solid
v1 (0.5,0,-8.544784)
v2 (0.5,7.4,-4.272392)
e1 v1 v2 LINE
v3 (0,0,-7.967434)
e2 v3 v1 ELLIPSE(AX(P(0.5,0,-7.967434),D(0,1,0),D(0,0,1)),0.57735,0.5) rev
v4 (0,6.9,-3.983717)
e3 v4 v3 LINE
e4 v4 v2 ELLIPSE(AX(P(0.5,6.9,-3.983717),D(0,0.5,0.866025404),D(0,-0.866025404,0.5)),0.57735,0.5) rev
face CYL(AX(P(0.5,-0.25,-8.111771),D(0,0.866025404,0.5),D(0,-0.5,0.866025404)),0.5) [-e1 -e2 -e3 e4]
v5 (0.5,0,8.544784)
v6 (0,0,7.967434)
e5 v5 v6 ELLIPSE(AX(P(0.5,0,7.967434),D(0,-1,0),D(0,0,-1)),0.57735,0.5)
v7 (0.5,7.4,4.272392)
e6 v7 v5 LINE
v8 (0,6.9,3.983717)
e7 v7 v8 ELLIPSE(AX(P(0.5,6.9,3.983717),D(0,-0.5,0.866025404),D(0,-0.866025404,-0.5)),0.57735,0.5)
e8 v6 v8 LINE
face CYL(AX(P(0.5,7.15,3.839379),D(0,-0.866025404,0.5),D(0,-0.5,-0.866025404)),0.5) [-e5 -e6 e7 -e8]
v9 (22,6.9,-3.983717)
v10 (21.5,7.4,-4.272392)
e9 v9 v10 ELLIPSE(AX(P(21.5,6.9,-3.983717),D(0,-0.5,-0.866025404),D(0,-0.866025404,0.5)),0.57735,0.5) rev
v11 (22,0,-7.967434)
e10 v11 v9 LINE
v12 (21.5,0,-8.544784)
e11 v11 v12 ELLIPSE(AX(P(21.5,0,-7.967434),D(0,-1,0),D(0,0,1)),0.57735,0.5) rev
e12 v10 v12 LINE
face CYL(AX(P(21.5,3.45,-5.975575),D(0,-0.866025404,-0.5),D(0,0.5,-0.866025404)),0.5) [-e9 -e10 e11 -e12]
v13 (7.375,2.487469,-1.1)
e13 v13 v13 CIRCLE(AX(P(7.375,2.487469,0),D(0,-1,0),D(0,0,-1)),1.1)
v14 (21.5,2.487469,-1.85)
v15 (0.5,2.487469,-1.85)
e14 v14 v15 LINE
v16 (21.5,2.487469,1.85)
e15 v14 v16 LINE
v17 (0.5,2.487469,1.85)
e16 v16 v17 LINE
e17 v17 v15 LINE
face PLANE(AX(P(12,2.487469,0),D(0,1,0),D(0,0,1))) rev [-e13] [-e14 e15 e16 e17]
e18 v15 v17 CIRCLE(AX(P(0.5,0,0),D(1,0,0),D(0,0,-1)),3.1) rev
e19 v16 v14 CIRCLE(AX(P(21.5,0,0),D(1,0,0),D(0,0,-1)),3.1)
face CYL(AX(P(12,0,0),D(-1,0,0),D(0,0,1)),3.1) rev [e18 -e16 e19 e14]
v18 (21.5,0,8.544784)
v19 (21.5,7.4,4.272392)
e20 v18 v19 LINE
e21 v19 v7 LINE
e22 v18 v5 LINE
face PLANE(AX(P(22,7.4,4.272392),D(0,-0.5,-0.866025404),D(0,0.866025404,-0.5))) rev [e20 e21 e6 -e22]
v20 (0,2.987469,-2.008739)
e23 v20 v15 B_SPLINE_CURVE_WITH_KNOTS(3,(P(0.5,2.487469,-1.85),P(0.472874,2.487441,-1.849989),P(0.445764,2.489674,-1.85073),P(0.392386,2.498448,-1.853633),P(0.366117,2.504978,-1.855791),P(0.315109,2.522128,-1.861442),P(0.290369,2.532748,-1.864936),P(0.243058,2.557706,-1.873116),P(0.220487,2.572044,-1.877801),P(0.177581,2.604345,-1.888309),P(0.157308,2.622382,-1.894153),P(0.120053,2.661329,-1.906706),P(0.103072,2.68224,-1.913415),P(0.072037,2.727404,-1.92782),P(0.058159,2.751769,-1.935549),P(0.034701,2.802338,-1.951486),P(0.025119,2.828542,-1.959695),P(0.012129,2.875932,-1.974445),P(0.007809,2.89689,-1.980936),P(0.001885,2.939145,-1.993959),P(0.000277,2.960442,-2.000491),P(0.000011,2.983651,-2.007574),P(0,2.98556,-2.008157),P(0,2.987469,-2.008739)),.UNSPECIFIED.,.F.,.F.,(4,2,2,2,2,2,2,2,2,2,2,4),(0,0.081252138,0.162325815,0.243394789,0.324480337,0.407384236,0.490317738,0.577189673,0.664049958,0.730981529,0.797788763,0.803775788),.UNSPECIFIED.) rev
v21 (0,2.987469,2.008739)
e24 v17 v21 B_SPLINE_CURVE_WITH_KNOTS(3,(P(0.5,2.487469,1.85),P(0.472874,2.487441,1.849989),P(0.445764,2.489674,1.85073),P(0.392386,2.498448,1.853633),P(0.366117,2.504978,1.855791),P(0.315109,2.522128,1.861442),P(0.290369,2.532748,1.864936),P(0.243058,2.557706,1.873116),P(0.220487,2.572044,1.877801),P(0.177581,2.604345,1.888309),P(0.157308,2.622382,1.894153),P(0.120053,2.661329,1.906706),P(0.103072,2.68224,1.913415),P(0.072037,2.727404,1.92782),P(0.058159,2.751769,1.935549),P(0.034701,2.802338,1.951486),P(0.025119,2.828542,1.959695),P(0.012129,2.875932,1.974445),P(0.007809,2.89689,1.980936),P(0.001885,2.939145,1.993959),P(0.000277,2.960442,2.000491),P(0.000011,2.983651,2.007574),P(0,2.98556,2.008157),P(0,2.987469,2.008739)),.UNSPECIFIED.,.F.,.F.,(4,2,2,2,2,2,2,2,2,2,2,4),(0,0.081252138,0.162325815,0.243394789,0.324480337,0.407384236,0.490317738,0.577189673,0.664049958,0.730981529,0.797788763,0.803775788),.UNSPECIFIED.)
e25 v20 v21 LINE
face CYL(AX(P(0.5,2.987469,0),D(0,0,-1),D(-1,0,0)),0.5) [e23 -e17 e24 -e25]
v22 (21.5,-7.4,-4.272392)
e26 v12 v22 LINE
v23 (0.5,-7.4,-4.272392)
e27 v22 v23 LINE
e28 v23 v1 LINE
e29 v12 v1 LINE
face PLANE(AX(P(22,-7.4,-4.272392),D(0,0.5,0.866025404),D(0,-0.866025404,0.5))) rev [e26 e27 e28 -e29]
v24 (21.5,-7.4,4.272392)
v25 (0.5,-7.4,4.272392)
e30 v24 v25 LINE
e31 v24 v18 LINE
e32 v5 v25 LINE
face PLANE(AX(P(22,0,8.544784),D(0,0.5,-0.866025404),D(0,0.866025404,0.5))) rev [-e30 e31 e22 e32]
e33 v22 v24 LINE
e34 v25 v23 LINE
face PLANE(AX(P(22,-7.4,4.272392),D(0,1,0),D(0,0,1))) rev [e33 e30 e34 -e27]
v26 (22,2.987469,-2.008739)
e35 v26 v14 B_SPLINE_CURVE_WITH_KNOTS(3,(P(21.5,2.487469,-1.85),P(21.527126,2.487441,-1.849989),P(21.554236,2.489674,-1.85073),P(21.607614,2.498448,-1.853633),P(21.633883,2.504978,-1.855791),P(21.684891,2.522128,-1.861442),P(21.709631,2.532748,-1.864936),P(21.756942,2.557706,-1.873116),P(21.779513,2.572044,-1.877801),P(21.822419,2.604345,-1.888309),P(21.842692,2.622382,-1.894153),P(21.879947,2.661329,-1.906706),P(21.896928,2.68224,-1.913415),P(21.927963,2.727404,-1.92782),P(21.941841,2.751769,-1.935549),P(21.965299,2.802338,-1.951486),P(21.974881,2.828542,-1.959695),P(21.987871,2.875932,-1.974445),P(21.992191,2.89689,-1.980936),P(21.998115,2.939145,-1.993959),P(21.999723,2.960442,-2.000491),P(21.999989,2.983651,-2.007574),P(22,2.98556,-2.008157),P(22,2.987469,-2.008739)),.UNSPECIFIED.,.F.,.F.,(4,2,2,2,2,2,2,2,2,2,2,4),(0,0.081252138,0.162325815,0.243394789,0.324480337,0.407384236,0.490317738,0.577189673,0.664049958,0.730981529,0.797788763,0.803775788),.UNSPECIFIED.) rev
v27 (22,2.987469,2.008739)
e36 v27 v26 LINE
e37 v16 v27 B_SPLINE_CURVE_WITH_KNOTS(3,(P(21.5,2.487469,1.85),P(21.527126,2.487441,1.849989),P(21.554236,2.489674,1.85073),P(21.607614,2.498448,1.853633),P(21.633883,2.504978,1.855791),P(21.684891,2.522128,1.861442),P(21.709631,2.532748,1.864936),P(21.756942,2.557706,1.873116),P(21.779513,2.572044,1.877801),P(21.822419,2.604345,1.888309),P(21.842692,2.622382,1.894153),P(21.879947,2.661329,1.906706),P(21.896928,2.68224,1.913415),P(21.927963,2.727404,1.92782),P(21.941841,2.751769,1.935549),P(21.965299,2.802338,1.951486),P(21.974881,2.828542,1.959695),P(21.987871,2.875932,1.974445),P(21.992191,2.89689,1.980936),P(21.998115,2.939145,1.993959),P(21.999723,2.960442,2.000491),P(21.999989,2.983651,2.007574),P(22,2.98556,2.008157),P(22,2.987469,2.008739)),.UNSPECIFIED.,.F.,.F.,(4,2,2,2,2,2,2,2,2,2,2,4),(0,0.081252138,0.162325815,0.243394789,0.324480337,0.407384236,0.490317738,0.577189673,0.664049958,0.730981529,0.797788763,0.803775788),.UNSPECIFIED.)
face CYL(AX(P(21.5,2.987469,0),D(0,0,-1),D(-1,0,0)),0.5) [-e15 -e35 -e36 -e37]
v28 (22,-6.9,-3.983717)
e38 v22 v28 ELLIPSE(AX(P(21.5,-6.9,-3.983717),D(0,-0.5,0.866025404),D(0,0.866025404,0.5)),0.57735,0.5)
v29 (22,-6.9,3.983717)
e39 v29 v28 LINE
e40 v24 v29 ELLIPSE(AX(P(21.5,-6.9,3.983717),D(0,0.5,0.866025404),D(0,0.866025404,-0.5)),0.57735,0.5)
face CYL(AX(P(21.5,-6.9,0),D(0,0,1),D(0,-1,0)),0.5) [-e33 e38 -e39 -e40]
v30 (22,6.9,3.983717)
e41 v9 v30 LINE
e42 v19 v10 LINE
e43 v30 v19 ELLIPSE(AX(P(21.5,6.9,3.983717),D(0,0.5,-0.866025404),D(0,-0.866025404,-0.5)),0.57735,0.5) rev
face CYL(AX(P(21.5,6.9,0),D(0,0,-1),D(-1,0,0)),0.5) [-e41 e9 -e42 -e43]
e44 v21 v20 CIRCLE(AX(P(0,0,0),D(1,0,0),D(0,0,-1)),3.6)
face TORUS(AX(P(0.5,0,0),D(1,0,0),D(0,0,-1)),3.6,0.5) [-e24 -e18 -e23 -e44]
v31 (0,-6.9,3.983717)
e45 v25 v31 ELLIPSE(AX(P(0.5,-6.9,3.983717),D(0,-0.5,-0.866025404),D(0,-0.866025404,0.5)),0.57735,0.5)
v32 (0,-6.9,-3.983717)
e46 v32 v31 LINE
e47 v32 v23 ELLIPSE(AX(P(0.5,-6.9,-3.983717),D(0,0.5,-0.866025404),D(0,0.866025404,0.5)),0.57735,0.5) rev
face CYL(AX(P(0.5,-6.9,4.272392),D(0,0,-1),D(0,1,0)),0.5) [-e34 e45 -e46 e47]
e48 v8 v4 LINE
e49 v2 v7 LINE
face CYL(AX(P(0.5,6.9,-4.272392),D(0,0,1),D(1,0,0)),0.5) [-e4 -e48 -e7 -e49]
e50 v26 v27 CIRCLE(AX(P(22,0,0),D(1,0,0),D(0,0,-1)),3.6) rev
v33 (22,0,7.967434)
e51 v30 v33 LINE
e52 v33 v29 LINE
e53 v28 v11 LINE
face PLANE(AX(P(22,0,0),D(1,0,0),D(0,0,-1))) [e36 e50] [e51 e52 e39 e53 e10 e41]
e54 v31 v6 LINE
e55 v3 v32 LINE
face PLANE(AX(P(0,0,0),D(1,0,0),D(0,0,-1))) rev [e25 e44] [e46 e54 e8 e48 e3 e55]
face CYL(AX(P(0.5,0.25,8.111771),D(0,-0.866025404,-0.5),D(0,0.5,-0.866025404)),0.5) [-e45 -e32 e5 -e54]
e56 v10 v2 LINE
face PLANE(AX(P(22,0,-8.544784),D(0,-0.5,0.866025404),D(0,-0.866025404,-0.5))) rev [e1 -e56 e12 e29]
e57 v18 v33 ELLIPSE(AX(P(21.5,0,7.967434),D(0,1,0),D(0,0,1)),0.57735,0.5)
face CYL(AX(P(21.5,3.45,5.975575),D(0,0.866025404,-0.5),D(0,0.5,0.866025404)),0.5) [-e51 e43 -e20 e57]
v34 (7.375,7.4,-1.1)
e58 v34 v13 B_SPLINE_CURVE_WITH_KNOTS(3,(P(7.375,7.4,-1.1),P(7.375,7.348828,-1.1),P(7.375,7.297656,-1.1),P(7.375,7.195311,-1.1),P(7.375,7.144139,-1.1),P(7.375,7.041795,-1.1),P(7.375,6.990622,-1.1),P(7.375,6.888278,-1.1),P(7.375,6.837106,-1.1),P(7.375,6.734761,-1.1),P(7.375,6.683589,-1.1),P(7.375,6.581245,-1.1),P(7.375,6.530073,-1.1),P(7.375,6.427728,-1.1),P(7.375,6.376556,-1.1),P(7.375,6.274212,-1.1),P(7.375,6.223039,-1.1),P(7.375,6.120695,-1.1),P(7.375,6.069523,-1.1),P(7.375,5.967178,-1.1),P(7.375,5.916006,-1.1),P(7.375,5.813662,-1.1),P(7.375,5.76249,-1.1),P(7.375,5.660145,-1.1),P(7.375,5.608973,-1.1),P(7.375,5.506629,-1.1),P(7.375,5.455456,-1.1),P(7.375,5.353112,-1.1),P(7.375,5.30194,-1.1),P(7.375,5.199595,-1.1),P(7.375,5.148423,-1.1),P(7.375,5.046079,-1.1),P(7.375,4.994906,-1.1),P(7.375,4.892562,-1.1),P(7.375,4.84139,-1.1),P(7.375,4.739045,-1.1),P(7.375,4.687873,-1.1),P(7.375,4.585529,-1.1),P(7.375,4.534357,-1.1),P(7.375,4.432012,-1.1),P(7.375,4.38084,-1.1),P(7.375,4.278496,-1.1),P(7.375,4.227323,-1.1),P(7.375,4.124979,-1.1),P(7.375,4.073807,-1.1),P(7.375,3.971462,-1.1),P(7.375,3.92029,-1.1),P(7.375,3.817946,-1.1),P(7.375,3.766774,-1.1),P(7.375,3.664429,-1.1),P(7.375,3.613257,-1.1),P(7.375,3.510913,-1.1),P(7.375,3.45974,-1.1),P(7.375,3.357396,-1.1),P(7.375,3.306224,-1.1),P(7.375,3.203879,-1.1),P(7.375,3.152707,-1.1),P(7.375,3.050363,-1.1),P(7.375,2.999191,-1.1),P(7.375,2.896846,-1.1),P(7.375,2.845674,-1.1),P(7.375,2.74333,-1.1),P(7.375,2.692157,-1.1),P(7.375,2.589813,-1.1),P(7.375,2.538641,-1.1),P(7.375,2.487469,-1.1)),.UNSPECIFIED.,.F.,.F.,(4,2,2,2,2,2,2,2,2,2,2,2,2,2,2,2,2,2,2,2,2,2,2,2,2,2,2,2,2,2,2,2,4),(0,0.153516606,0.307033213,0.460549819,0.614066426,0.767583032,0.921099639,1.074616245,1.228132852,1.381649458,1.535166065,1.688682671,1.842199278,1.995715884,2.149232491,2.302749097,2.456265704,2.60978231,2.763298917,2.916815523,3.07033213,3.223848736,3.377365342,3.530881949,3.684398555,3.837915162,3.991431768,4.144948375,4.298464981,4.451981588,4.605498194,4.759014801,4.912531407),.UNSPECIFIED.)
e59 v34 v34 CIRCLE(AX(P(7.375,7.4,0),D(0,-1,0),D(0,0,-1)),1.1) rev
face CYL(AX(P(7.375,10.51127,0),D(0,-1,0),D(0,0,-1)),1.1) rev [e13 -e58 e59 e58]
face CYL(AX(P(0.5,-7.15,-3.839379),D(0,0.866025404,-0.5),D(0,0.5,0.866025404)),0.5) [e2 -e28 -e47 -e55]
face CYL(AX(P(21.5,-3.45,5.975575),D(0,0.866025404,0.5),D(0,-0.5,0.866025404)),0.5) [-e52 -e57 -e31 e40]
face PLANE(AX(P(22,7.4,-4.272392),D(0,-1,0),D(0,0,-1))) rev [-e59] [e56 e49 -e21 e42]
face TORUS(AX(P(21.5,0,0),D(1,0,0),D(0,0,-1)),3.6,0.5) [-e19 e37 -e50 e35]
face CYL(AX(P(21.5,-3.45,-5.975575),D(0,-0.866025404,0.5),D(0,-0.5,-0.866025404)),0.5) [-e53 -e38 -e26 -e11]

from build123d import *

# Parameters (mm, degrees)
SALIENTE_EXTRUIR1_DEPTH      = 12
SALIENTE_EXTRUIR2_DEPTH      = 10
SALIENTE_EXTRUIR2_DEPTH_BACK = 12
CROQUIS3_R                   = 1.1
CORTAR_EXTRUIR1_DEPTH        = 4.912531407
REDONDEO1_R                  = 0.5


with BuildPart() as part:
    # Croquis1 → Saliente-Extruir1 (new body)
    with BuildSketch(Plane(origin=(0, 0, 0), x_dir=(0, 0, -1), z_dir=(1, 0, 0))):
        with BuildLine():
            Line((-2.1, 3.987468593), (2.1, 3.987468593))
            ThreePointArc((2.1, 3.987468593), (0, -4.506651282), (-2.1, 3.987468593))
        make_face()
        with BuildLine():
            Line((-1.85, 2.487468593), (1.85, 2.487468593))
            ThreePointArc((1.85, 2.487468593), (0, -3.1), (-1.85, 2.487468593))
        make_face(mode=Mode.SUBTRACT)
    extrude(amount=SALIENTE_EXTRUIR1_DEPTH)

    # Croquis2 → Saliente-Extruir2 (add, two sides: drawn at the far end of the back side and taken through both)
    with BuildSketch(Plane(origin=(12, 0, 0), x_dir=(0, 0, -1), z_dir=(1, 0, 0)).offset(-SALIENTE_EXTRUIR2_DEPTH_BACK)):
        Polygon((-4.272391992, -7.4), (4.272391992, -7.4), (8.544783984, 0), (4.272391992, 7.4), (-4.272391992, 7.4), (-8.544783984, 0), align=None)
        with BuildLine():
            Line((-1.85, 2.487468593), (1.85, 2.487468593))
            ThreePointArc((1.85, 2.487468593), (0, -3.1), (-1.85, 2.487468593))
        make_face(mode=Mode.SUBTRACT)
    extrude(amount=SALIENTE_EXTRUIR2_DEPTH + SALIENTE_EXTRUIR2_DEPTH_BACK)

    # Croquis3 → Cortar-Extruir1 (cut)
    with BuildSketch(Plane.XZ.offset(-2.487468593)):
        with Locations(Location((7.375, 0, 0), (0, 0, 270))):
            Circle(CROQUIS3_R)
    extrude(amount=-CORTAR_EXTRUIR1_DEPTH, mode=Mode.SUBTRACT)

    # Redondeo1
    redondeo1_edges = [part.edges().sort_by_distance(p)[0] for p in [
        (0, 2.487468593, 0),
        (22, -3.7, 6.408587988),
        (22, -7.4, 0),
        (22, -3.7, -6.408587988),
        (22, 3.7, -6.408587988),
        (22, 7.4, 0),
        (22, 3.7, 6.408587988),
        (0, -3.7, 6.408587988),
        (0, -7.4, 0),
        (0, -3.7, -6.408587988),
        (0, 3.7, -6.408587988),
        (0, 7.4, 0),
        (0, 3.7, 6.408587988),
        (22, -3.1, 0),
        (22, 2.487468593, 0),
        (0, -3.1, 0),
    ]]
    fillet(redondeo1_edges, radius=REDONDEO1_R)


solid = part.part
